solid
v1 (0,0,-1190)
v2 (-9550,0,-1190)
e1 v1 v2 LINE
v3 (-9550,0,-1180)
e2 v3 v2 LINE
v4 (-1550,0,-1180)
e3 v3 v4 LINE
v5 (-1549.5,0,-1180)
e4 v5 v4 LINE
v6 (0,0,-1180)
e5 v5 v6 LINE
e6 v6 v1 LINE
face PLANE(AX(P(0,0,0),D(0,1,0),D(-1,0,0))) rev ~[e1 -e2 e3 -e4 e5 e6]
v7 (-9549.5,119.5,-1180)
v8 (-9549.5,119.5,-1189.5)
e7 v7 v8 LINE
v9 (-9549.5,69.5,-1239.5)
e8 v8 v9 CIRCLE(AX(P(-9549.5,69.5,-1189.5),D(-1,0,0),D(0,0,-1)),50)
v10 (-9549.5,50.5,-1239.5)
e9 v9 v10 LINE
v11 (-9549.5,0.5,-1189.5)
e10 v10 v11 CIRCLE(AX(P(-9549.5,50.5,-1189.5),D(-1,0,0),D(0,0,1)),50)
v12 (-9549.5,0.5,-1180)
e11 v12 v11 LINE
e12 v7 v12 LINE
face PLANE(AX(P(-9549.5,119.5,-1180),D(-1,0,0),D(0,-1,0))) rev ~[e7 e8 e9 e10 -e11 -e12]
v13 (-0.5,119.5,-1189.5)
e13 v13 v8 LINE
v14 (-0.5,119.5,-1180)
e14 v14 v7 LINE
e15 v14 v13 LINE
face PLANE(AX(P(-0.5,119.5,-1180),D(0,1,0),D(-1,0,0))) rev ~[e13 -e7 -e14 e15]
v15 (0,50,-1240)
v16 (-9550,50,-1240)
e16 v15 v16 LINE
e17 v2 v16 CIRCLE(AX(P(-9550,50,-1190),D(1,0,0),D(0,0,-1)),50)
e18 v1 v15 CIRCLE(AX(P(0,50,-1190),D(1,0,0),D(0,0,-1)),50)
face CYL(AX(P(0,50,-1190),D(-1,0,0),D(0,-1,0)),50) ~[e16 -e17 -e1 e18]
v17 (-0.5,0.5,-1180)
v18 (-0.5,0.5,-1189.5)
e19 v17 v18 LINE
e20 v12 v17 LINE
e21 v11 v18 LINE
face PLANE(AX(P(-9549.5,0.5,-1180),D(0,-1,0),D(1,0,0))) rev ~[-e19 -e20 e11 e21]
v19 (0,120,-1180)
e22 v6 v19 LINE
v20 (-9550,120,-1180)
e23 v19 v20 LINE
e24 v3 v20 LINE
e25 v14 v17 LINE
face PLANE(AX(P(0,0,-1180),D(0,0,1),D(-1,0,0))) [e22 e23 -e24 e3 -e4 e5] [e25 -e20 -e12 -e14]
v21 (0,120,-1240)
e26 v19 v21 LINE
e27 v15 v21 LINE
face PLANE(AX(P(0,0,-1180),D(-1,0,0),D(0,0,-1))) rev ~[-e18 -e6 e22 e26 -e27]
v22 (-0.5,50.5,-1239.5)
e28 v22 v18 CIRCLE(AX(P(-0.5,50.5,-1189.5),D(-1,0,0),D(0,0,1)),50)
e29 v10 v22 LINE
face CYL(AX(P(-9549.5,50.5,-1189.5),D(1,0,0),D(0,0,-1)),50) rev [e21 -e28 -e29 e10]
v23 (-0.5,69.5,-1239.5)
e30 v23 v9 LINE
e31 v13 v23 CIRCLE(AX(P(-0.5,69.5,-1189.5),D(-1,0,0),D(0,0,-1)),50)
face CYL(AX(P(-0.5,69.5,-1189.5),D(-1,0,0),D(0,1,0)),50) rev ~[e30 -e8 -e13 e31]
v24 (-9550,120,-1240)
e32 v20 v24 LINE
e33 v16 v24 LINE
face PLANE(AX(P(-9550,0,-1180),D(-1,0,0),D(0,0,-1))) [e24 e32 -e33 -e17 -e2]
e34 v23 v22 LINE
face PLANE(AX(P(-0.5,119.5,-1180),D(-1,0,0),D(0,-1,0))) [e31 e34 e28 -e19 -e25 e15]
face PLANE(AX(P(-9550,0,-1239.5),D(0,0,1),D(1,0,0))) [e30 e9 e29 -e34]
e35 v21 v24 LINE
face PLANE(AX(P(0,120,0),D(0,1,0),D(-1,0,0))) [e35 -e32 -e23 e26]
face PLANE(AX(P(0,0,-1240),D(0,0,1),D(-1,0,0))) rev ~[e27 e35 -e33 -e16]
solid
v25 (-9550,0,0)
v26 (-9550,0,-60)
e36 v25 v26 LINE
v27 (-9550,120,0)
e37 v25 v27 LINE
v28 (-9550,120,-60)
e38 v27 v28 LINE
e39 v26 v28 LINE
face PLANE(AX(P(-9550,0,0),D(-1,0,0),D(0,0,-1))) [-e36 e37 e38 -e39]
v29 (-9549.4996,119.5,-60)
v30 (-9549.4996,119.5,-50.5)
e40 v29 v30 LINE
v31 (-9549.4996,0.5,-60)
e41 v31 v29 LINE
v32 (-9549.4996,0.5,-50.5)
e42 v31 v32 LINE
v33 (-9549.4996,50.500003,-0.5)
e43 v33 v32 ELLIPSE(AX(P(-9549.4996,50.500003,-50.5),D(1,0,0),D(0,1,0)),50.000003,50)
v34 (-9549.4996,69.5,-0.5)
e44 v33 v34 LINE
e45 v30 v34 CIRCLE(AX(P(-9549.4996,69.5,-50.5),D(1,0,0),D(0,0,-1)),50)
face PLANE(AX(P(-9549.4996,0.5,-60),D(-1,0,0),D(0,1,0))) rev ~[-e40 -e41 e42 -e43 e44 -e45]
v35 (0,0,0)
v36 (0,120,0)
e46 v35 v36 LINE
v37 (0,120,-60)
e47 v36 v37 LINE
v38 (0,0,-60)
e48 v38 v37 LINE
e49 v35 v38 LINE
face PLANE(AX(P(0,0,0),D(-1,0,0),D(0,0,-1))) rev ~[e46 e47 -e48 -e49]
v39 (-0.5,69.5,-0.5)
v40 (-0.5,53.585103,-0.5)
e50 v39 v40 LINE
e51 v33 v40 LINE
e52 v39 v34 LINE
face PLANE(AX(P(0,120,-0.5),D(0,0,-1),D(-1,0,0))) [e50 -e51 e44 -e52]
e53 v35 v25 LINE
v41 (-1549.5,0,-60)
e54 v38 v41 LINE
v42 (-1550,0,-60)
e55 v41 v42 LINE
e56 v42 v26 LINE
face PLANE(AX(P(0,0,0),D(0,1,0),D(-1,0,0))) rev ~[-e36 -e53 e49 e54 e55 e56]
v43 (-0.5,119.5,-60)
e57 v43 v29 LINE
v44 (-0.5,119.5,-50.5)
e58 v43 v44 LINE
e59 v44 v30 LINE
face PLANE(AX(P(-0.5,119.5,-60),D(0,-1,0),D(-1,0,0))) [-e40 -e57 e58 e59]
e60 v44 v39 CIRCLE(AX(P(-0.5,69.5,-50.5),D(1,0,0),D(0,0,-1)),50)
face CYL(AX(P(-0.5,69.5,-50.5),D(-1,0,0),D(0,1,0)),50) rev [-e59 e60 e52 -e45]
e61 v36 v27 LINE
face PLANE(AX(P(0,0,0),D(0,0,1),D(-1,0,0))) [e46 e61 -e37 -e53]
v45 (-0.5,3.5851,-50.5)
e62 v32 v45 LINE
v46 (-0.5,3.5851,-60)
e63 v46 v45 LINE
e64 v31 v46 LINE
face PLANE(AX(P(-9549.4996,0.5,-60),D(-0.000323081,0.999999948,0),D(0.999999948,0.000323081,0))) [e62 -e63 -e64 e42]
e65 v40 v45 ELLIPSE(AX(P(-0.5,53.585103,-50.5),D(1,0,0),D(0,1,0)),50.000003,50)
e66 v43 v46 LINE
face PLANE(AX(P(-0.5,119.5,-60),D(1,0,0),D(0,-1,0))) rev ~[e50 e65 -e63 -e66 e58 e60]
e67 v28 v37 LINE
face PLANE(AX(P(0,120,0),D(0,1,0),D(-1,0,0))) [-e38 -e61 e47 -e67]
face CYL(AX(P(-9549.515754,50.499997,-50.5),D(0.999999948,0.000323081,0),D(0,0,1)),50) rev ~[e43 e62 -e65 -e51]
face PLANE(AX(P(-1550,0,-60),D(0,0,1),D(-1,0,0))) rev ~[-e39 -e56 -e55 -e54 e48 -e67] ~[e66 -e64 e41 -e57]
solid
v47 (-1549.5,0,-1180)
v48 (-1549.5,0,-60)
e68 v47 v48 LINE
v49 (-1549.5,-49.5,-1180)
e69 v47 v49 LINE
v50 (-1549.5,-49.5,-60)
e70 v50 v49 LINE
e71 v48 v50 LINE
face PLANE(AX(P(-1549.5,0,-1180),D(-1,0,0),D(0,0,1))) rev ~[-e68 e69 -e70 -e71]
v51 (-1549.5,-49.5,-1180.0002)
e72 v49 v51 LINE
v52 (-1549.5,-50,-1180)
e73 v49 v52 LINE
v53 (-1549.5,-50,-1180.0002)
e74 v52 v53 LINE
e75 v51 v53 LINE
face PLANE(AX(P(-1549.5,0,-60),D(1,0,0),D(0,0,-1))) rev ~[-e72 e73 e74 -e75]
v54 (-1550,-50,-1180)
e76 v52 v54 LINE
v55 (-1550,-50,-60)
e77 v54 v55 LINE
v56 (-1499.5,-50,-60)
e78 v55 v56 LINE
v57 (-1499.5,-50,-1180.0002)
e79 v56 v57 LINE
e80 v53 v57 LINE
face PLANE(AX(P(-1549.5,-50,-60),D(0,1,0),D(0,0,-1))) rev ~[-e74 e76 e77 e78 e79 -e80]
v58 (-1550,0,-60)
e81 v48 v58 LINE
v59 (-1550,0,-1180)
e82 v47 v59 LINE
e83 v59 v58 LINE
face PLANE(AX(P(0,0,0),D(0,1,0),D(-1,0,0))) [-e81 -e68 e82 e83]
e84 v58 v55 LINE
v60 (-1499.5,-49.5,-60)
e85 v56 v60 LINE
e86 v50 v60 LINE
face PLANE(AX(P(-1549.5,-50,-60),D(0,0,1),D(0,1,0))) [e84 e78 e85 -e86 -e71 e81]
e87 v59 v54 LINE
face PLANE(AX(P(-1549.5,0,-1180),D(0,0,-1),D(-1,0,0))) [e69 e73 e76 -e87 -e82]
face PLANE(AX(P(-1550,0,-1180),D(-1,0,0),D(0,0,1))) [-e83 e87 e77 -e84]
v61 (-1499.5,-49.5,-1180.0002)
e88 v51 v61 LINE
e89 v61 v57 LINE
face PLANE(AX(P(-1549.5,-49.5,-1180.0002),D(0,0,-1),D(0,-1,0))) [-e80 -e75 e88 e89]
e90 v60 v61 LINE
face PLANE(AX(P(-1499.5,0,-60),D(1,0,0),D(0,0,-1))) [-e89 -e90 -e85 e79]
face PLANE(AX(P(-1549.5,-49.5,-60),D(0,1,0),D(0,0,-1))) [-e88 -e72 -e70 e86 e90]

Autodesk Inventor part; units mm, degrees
ref_plane "YZ Plane" through (0, 0, 0) normal (1, 0, 0) x (0, 1, 0)
ref_plane "XZ Plane" through (0, 0, 0) normal (0, 1, 0) x (-1, 0, 0)
ref_plane "XY Plane" through (0, 0, 0) normal (0, 0, 1) x (1, 0, 0)
sketch "Esboço1" plane through (0, 0, 0) normal (0, 1, 0) x (-1, 0, 0)
  line L0 (0, 0) -> (9550, 0)
  line L1 (0, 0) -> (0, -60)
  line L2 (0, -60) -> (9550, -60)
  line L3 (9550, 0) -> (9550, -60)
  line L4 (0, 0) -> (0, -1180)
  line L5 (0, -1180) -> (9550, -1180)
  line L6 (0, -1180) -> (0, -1240)
  line L7 (0, -1180) -> (60, -1180) construction
  line L8 (0, -1240) -> (9550, -1240)
  line L9 (9550, -1180) -> (9550, -1240)
  line L10 (0, -60) -> (154, -60)
  line L11 (154.5, -60.0033) -> (154.5, -118.0033)
  line L12 (0, -1180) -> (1550, -1180)
  line L13 (0, -60) -> (1550, -60)
  line L14 (1550, -60) -> (1550, -60)
  line L15 (1621.1615, -1180) -> (1614.2387, -1180)
  line L16 (1550, -1180) -> (1550, -60)
  line L17 (1550, -60) -> (1549.5, -60)
  line L18 (1550, -1180) -> (1550, -1180.5)
  line L19 (1550, -1180) -> (1549.5, -1180)
  line L20 (1549.5, -1180) -> (1549.5, -60)
  dimension "d0" = 9550
  dimension "d1" = 60
  dimension "d3" = 1180
  dimension "d5" = 60
  dimension "d7" = 9550
  dimension "d8" = 154
  dimension "d15" = 1550
  dimension "d16" = 1550
  dimension "d19" = 0.5
  dimension "d21" = 0.5
extrude "Extrusão1" add sketch "Esboço1" along normal blind 120 contours L0 L3 L2 L1 | L5 L9 L8 L6
sketch "Esboço4" plane through (-9550, 0, -1180) normal (0, 0, 1) x (1, 0, 0)
  line L0 (9549.5, 119.5) -> (9549.5, 0.5)
  line L1 (0.5, 119.5) -> (0.5, 0.5)
  line L2 (0.5, 0.5) -> (9549.5, 0.5)
  line L3 (9549.5, 119.5) -> (0.5, 119.5)
  point P0 (9550, 0)
extrude "Extrusão2" add sketch "Esboço1" against normal blind 50 contours L16 L5 L20 L2
extrude "Extrusão3" cut sketch "Esboço4" against normal blind 59.5
fillet "Arredondamento1" radius 50 1 edges at (-4775, 119.5, -1239.5)
fillet "Arredondamento2" radius 50 2 edges at (-4775, 0.5, -1239.5) (-4775, 0, -1240)
sketch "Esboço5" plane through (0, 120, -60) normal (0, 0, -1) x (-1, 0, 0)
  line L0 (0, -120) -> (0.5, -120)
  line L1 (0.5, -0.5) -> (0.5, -116.4149)
  line L2 (9549.4996, -119.5) -> (9549.4996, -0.5)
  line L3 (9549.4996, -119.5) -> (0.5, -116.4149)
  line L4 (0.5, -0.5) -> (9549.4996, -0.5)
  dimension "d39" = 0.5
extrude "Extrusão4" cut sketch "Esboço5" against normal blind 59.5
fillet "Arredondamento3" radius 50 1 edges at (-4774.9998, 119.5, -0.5)
fillet "Arredondamento4" radius 50 1 edges at (-4774.9998, 2.0425, -0.5)
sketch "Esboço6" plane through (-1549.5, 0, -60) normal (1, 0, 0) x (0, 0, -1)
  line L0 (0, -50) -> (1120.0002, -50)
  line L1 (0, -50) -> (0, -49.5)
  line L2 (0, -49.5) -> (1120.0002, -49.5)
  line L3 (1120.0002, -49.5) -> (1120.0002, -50)
  point P0 (-60, 0)
  dimension "d52" = 0.5
  dimension "d53" = 90
extrude "Extrusão5" add sketch "Esboço6" along normal blind 50
properties part number "esteira"
